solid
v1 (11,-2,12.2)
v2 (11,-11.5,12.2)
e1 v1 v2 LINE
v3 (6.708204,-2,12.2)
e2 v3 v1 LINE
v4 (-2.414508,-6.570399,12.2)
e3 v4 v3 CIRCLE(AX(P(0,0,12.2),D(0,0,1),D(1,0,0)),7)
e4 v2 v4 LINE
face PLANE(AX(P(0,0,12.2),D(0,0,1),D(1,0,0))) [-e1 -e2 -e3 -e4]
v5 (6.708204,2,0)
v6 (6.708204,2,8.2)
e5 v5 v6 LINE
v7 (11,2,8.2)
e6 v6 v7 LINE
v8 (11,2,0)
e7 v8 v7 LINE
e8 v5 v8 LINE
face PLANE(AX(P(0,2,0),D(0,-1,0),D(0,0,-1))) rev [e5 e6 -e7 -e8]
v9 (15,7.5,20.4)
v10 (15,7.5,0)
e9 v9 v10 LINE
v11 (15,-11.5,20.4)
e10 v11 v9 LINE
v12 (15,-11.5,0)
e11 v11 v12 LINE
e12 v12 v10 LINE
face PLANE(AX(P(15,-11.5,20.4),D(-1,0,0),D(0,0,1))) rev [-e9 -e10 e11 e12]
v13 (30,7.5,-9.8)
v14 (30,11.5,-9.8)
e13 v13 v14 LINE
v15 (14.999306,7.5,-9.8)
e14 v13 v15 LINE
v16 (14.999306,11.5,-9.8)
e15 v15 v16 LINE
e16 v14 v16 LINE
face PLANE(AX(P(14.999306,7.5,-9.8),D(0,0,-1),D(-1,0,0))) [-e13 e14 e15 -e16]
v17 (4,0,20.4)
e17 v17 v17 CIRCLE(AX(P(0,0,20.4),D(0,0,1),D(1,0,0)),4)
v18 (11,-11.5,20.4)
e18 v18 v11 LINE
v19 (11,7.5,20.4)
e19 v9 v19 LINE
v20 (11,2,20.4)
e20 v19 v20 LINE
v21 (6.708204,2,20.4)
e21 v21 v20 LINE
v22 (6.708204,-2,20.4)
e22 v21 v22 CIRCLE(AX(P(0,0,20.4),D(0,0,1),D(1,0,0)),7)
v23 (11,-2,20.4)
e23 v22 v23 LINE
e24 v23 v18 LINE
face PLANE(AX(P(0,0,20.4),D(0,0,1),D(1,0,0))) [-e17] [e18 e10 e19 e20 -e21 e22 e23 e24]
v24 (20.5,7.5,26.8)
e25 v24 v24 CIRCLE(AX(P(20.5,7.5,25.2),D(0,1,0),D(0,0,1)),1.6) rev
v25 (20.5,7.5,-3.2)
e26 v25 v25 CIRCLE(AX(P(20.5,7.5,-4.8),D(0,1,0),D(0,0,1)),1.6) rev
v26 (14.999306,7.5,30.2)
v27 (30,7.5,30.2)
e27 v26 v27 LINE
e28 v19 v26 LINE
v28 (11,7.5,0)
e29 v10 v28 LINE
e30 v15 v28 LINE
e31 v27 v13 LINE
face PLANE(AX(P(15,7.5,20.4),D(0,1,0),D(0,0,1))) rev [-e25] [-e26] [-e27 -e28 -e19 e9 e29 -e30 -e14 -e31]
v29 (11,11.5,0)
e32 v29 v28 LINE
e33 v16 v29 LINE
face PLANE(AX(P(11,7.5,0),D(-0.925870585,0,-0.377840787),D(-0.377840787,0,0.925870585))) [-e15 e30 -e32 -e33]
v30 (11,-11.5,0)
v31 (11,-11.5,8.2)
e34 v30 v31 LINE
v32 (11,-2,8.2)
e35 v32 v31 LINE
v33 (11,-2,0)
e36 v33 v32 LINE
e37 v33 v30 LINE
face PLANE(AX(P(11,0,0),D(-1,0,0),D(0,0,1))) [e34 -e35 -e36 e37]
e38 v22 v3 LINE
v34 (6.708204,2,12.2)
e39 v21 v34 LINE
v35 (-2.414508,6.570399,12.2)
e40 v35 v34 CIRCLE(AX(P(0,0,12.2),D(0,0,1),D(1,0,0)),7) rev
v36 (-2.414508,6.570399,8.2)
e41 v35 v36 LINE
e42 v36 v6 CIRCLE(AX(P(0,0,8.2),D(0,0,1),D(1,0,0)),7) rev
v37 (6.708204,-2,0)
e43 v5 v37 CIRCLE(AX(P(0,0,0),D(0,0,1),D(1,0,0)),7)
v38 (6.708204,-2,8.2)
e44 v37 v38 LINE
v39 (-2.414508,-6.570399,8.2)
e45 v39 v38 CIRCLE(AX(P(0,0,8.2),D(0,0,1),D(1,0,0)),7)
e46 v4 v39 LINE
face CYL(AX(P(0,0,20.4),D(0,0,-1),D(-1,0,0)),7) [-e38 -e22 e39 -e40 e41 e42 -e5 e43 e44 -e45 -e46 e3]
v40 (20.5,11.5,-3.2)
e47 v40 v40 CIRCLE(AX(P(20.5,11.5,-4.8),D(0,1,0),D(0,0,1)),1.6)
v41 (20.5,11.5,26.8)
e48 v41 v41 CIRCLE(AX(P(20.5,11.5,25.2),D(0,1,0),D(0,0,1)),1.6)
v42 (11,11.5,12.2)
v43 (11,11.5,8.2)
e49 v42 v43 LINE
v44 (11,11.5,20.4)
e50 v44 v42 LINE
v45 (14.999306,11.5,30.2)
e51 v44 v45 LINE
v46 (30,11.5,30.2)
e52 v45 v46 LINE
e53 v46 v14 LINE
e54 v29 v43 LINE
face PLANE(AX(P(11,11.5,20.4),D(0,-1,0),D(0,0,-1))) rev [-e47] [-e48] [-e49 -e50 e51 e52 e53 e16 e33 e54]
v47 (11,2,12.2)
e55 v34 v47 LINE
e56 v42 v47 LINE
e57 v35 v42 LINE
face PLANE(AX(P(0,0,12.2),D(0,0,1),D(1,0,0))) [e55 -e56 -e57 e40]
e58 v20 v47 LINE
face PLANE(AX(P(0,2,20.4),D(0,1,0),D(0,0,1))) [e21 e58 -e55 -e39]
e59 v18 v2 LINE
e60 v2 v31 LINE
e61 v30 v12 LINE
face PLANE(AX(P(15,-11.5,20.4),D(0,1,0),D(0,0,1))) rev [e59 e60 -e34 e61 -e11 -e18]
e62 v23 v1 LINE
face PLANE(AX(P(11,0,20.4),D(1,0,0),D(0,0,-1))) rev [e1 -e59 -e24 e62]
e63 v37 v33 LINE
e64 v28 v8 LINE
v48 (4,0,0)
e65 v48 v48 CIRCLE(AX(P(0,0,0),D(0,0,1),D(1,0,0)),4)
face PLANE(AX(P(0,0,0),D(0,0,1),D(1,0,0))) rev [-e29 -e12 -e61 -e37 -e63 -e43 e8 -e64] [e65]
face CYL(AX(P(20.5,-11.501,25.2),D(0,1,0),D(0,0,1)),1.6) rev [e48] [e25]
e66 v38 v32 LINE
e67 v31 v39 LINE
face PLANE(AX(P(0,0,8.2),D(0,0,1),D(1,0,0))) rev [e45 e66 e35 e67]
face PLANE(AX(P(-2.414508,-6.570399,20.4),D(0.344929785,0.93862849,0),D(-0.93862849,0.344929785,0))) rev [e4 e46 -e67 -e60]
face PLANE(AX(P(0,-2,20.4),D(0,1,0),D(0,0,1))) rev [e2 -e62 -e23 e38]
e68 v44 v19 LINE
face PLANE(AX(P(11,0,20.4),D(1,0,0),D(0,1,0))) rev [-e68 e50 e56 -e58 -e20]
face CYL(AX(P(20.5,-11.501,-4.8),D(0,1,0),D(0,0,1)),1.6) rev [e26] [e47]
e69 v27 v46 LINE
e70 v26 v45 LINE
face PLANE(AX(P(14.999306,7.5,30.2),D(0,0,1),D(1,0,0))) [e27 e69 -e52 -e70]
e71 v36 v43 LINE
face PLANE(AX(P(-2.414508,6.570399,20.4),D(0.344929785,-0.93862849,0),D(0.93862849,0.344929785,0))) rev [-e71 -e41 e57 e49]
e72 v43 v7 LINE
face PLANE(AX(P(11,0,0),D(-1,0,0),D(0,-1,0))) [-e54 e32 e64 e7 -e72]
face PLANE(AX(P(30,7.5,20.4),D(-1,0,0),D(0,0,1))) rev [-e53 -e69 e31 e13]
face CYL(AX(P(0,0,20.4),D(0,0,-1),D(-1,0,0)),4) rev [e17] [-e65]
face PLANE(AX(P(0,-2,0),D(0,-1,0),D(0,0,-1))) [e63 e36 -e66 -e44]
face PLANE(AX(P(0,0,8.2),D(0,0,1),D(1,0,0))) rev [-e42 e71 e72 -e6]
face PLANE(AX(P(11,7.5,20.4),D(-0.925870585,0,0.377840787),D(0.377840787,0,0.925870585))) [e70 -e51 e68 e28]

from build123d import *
from build123d.topology import SkipClean

# Parameters (mm, degrees)
SKETCH1_R           = 4
BOSS_EXTRUDE1_DEPTH = 20.4
CUT_EXTRUDE3_START  = -2
CUT_EXTRUDE3_DEPTH  = 32.708900902
CUT_EXTRUDE4_START  = 2
CUT_EXTRUDE4_DEPTH  = 32.708900902
BOSS_EXTRUDE2_DEPTH = 4
CUT_EXTRUDE5_REACH  = 50.384
SKETCH7_R           = 1.6


with BuildPart() as part:
    # Sketch1 → Boss-Extrude1 (new body)
    with BuildSketch(Plane.XY):
        with BuildLine():
            Line((-2.414508498, -6.570399433), (11, -11.5))
            Line((11, -11.5), (15, -11.5))
            Line((15, -11.5), (15, 7.5))
            Line((15, 7.5), (30, 7.5))
            Line((30, 7.5), (30, 11.5))
            Line((30, 11.5), (11, 11.5))
            Line((11, 11.5), (-2.414508498, 6.570399433))
            ThreePointArc((-2.414508498, 6.570399433), (-7, 0), (-2.414508498, -6.570399433))
        make_face()
        Circle(SKETCH1_R, mode=Mode.SUBTRACT)
    extrude(amount=BOSS_EXTRUDE1_DEPTH)

    # Sketch5 → Cut-Extrude3 (cut, through all)
    with SkipClean():  # the faces are left unmerged after this step: merging them gives an invalid solid
        with BuildSketch(Plane.XY.offset(10.2).offset(CUT_EXTRUDE3_START)):
            with BuildLine():
                Line((11, -11.5), (11, -2))
                Line((11, -2), (6.708203932, -2))
                ThreePointArc((6.708203932, -2), (3.135457361, -6.258506782), (-2.414508498, -6.570399433))
                Line((-2.414508498, -6.570399433), (11, -11.5))
            make_face()
            with BuildLine():
                Line((11, 2), (11, 11.5))
                Line((11, 11.5), (-2.414508498, 6.570399433))
                ThreePointArc((-2.414508498, 6.570399433), (3.135457361, 6.258506782), (6.708203932, 2))
                Line((6.708203932, 2), (11, 2))
            make_face()
        extrude(amount=-CUT_EXTRUDE3_DEPTH, mode=Mode.SUBTRACT)

    # Sketch5<5> → Cut-Extrude4 (cut, through all)
    with SkipClean():  # the faces are left unmerged after this step: merging them gives an invalid solid
        with BuildSketch(Plane.XY.offset(10.2).offset(CUT_EXTRUDE4_START)):
            with BuildLine():
                Line((11, -11.5), (11, -2))
                Line((11, -2), (6.708203932, -2))
                ThreePointArc((6.708203932, -2), (3.135457361, -6.258506782), (-2.414508498, -6.570399433))
                Line((-2.414508498, -6.570399433), (11, -11.5))
            make_face()
            with BuildLine():
                Line((11, 2), (11, 11.5))
                Line((11, 11.5), (-2.414508498, 6.570399433))
                ThreePointArc((-2.414508498, 6.570399433), (3.135457361, 6.258506782), (6.708203932, 2))
                Line((6.708203932, 2), (11, 2))
            make_face()
        extrude(amount=CUT_EXTRUDE4_DEPTH, mode=Mode.SUBTRACT)

    # Sketch6 → Boss-Extrude2 (add)
    with SkipClean():  # the faces are left unmerged after this step: merging them gives an invalid solid
        with BuildSketch(Plane(origin=(0, 11.5, 0), x_dir=(1, 0, 0), z_dir=(0, 1, 0))):
            Polygon((14.99930592, 9.8), (30, 9.8), (30, -30.2), (14.99930592, -30.2), (11, -20.4), (11, 0), align=None)
        extrude(amount=-BOSS_EXTRUDE2_DEPTH)

    # Sketch7 → Cut-Extrude5 (cut, up to next)
    with BuildSketch(Plane(origin=(0, 11.5, 0), x_dir=(1, 0, 0), z_dir=(0, 1, 0)), mode=Mode.PRIVATE) as cut_extrude5_sk1:
        with Locations((20.5, 4.8)):
            Circle(SKETCH7_R)
    cut_extrude5_tool1 = extrude(cut_extrude5_sk1.sketch, amount=-CUT_EXTRUDE5_REACH, mode=Mode.PRIVATE) & part.part
    # Sketch7 → Cut-Extrude5 (cut, up to next)
    with BuildSketch(Plane(origin=(0, 11.5, 0), x_dir=(1, 0, 0), z_dir=(0, 1, 0)), mode=Mode.PRIVATE) as cut_extrude5_sk2:
        with Locations((20.5, -25.2)):
            Circle(SKETCH7_R)
    cut_extrude5_tool2 = extrude(cut_extrude5_sk2.sketch, amount=-CUT_EXTRUDE5_REACH, mode=Mode.PRIVATE) & part.part
    add(cut_extrude5_tool1.solids().sort_by_distance((20.5, 11.5, -4.8))[0], mode=Mode.SUBTRACT)
    add(cut_extrude5_tool2.solids().sort_by_distance((20.5, 11.5, 25.2))[0], mode=Mode.SUBTRACT)


solid = part.part
